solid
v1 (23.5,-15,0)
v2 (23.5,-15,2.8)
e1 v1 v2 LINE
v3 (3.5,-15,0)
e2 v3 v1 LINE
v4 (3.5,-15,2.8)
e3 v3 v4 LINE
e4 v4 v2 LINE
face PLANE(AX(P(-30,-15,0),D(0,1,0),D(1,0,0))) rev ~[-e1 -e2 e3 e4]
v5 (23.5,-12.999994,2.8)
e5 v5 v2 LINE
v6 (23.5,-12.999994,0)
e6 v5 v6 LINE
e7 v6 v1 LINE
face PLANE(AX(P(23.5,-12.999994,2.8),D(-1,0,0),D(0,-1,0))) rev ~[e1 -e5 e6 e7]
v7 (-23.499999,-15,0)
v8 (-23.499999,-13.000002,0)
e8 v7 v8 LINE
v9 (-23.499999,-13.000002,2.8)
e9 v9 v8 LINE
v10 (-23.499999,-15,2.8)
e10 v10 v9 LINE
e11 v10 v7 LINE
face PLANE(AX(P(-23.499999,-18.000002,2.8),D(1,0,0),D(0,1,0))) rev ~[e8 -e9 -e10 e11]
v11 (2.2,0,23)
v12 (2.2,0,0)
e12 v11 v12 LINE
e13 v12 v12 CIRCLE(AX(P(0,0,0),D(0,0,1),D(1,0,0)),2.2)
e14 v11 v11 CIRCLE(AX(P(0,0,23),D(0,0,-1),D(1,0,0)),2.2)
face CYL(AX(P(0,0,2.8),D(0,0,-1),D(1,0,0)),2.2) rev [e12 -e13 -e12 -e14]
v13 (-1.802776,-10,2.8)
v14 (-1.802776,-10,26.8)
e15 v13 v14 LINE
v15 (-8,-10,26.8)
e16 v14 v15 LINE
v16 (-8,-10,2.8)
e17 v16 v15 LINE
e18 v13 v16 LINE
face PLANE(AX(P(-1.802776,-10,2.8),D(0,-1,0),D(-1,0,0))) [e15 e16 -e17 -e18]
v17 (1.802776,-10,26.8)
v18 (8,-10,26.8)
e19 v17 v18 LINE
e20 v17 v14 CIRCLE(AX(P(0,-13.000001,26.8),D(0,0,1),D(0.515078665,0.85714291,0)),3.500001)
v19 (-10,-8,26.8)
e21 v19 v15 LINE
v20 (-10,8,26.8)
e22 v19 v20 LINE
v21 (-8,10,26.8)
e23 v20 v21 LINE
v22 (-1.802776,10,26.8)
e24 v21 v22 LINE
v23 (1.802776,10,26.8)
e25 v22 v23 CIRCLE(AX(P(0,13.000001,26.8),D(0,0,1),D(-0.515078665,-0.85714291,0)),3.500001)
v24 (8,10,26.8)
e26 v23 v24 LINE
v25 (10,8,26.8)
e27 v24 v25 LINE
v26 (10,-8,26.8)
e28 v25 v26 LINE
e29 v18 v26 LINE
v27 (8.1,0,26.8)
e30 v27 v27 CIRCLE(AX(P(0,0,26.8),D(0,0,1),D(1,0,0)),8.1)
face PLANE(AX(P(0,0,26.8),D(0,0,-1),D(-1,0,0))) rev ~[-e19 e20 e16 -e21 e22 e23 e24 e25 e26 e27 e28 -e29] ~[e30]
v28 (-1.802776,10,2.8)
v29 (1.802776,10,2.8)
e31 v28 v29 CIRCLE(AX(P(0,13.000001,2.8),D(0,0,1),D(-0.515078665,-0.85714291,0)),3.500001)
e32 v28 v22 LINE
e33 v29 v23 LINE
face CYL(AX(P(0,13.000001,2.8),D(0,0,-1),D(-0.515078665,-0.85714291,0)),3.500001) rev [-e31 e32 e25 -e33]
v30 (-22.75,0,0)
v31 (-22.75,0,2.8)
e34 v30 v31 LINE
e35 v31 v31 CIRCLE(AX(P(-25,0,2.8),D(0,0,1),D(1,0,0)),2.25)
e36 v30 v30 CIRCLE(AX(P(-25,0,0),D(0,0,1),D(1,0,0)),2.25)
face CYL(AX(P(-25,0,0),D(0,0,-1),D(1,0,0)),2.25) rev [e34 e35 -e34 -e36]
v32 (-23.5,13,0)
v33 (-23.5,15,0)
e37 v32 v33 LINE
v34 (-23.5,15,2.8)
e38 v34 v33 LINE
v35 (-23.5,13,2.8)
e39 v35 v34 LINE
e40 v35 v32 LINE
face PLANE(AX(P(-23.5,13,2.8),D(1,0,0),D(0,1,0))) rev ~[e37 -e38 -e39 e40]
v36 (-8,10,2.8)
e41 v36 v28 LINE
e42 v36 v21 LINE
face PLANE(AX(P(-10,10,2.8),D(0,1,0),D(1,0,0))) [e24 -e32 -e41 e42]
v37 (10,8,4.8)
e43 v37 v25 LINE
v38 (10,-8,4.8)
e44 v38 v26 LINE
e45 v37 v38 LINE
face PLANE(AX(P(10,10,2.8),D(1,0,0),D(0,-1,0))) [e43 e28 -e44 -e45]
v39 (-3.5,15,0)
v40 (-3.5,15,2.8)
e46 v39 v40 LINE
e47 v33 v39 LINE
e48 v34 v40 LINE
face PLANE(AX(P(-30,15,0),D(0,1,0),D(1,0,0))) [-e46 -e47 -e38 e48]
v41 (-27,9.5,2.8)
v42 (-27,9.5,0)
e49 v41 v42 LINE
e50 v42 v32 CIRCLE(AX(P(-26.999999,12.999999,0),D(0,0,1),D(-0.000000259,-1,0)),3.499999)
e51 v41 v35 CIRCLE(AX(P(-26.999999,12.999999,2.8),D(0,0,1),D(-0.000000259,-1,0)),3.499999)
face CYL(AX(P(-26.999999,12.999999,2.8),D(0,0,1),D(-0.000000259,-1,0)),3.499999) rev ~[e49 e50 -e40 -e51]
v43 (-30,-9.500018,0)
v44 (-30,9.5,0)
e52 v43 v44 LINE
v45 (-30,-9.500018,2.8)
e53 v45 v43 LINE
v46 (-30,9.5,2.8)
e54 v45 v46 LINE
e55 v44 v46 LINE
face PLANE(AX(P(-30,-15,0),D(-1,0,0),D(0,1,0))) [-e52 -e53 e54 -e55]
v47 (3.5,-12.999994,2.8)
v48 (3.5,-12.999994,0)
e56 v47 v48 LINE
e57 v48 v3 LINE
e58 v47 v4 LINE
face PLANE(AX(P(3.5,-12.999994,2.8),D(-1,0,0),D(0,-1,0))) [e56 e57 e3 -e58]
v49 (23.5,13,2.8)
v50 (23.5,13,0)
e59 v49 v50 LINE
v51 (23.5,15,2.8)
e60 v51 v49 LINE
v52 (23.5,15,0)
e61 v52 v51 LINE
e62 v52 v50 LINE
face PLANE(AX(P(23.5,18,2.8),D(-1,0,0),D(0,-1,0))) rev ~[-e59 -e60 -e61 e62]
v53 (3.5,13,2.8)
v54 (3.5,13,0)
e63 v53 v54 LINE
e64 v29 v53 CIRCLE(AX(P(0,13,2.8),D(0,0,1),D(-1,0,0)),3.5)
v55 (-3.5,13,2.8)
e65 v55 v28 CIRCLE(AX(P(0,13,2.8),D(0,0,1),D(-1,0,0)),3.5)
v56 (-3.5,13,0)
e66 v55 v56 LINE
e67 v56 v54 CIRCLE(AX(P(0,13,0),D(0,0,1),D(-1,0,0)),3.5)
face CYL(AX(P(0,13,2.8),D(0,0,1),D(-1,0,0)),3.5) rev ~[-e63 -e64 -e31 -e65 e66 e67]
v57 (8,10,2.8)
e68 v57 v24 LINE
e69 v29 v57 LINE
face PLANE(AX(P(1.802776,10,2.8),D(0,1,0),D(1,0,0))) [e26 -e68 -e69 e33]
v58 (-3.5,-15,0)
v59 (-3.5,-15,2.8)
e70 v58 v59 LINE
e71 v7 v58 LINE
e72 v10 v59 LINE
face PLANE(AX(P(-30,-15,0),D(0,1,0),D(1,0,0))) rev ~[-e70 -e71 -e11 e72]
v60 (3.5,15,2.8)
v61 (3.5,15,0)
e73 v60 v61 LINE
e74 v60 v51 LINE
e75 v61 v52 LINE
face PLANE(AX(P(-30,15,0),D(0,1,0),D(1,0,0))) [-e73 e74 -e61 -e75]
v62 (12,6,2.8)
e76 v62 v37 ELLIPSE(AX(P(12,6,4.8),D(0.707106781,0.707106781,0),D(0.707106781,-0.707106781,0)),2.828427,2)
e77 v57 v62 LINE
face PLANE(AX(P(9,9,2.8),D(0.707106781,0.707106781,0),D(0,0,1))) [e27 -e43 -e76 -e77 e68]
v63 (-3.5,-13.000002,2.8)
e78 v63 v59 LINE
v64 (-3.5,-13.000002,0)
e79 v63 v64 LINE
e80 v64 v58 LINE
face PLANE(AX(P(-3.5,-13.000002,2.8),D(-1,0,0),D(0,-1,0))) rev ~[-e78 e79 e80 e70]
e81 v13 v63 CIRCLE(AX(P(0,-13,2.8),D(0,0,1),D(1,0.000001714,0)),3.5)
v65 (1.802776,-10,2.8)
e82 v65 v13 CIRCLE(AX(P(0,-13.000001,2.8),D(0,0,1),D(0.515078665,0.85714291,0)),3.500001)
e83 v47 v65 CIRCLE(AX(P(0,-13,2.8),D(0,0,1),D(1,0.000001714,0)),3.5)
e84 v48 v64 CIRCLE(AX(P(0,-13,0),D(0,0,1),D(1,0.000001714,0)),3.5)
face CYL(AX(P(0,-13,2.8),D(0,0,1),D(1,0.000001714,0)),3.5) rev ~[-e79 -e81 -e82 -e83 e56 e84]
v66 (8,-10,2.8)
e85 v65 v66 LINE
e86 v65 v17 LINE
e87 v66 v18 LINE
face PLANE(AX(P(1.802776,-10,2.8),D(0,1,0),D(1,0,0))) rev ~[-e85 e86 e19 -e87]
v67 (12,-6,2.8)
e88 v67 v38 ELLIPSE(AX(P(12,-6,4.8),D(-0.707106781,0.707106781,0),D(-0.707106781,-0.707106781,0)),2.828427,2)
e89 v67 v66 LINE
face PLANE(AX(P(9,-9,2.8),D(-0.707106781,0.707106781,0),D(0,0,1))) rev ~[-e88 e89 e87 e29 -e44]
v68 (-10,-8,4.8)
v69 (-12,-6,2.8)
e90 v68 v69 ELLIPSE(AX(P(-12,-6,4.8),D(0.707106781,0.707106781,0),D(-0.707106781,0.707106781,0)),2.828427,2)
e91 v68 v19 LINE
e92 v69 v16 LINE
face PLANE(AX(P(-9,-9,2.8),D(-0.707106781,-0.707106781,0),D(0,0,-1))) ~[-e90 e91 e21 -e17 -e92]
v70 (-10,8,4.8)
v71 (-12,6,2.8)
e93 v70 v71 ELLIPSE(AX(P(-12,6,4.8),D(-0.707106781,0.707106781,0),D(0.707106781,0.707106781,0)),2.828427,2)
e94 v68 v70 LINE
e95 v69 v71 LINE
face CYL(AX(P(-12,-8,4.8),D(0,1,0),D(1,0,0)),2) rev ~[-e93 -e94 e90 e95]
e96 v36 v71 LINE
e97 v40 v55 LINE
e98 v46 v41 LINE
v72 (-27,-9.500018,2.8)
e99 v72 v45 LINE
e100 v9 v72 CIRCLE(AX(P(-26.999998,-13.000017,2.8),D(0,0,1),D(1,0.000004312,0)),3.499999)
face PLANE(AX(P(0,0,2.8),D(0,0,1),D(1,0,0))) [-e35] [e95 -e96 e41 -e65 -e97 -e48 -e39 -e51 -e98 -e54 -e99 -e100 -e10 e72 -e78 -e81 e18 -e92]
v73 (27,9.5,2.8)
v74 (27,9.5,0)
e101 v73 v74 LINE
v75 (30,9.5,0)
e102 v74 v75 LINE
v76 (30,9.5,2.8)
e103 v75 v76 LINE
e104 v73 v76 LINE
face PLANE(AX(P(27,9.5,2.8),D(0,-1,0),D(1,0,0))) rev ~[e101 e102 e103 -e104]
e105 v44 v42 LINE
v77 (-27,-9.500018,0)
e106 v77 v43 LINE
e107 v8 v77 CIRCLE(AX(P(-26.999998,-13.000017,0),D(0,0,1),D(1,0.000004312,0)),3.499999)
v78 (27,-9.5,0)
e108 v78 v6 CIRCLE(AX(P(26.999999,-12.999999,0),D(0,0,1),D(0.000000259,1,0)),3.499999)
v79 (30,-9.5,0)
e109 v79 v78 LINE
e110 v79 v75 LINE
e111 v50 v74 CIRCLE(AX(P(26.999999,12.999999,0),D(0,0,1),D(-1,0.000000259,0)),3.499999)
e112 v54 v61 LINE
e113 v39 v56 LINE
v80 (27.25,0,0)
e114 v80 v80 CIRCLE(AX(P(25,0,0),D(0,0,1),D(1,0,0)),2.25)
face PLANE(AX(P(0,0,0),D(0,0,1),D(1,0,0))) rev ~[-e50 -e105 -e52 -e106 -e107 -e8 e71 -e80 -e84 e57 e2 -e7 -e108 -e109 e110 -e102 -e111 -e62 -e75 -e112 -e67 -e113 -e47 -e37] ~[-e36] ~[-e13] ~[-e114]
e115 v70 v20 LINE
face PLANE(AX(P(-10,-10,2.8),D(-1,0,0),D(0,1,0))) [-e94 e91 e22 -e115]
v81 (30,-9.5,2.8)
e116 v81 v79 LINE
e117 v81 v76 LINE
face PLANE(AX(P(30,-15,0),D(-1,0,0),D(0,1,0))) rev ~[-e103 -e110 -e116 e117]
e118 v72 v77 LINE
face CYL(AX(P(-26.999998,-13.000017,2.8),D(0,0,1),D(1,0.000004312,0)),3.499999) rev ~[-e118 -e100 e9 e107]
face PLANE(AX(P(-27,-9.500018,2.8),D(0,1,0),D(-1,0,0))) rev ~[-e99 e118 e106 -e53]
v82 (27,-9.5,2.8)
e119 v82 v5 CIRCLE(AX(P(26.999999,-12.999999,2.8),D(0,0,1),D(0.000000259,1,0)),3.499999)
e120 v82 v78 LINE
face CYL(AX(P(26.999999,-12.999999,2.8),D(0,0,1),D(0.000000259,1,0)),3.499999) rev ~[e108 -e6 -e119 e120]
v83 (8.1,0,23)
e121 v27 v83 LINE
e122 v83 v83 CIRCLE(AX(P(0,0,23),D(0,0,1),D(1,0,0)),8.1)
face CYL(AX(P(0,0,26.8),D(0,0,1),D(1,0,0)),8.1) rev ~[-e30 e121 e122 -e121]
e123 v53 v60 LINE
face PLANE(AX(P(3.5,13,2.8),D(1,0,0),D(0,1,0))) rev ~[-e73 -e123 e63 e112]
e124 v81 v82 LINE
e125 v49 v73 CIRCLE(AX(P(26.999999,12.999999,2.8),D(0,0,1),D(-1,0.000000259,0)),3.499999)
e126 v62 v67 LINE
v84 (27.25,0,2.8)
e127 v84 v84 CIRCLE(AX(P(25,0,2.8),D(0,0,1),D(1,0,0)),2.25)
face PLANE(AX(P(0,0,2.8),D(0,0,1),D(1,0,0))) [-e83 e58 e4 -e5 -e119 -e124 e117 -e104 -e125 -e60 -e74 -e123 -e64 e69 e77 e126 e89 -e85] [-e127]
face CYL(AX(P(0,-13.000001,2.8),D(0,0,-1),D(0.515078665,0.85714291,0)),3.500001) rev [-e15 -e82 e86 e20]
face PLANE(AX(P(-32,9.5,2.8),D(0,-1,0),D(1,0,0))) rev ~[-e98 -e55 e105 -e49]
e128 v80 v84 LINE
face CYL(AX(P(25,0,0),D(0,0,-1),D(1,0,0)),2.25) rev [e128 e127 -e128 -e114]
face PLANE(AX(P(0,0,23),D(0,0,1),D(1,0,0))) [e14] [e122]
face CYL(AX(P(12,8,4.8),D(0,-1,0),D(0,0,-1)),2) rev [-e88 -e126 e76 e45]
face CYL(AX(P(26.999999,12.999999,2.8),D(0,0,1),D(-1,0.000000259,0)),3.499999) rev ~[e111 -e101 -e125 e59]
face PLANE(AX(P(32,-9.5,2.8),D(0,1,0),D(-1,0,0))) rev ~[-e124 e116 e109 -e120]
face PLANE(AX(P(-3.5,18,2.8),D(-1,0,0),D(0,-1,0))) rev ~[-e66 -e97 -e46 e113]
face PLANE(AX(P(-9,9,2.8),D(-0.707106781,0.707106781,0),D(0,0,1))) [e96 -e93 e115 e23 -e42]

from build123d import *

# Parameters (mm, degrees)
SKETCH_W        = 60
SKETCH_H        = 30
SKETCH_R        = 2.25
SKETCH_R_2      = 2.2
PAD_DEPTH       = 2.8
SKETCH001_W     = 75
SKETCH001_H     = 45
POCKET_DEPTH    = 2.801
SKETCH002_R     = 2.2
PAD001_DEPTH    = 24
SKETCH003_R     = 8.1
POCKET001_DEPTH = 3.8
CHAMFER_SIZE    = 2
FILLET_R        = 2
FILLET001_R     = 2


with BuildPart() as part:
    # Sketch → Pad (new body)
    with BuildSketch(Plane.XY):
        Rectangle(SKETCH_W, SKETCH_H)
        with Locations((25, 0)):
            Circle(SKETCH_R, mode=Mode.SUBTRACT)
        with Locations((-25, 0)):
            Circle(SKETCH_R, mode=Mode.SUBTRACT)
        Circle(SKETCH_R_2, mode=Mode.SUBTRACT)
    extrude(amount=PAD_DEPTH)

    # Sketch001 → Pocket (cut, through all)
    with BuildSketch(Plane.XY.offset(2.8)):
        Rectangle(SKETCH001_W, SKETCH001_H)
        with BuildLine():
            ThreePointArc((-27, 9.5), (-24.525126, 10.525126), (-23.5, 13))
            Line((-23.5, 13), (-23.5, 18))
            Line((-23.5, 18), (-3.5, 18))
            Line((-3.5, 18), (-3.5, 13))
            ThreePointArc((-3.5, 13), (0, 9.5), (3.5, 13))
            Line((3.5, 13), (3.5, 18))
            Line((3.5, 18), (23.5, 18))
            Line((23.5, 18), (23.5, 13))
            ThreePointArc((23.5, 13), (24.525126, 10.525126), (27, 9.5))
            Line((27, 9.5), (32, 9.5))
            Line((32, 9.5), (32, -9.5))
            Line((32, -9.5), (27, -9.5))
            ThreePointArc((27, -9.5), (24.525128, -10.525124), (23.5, -12.999994))
            Line((23.5, -12.999994), (23.5, -17.999994))
            Line((23.5, -17.999994), (3.5, -17.999994))
            Line((3.5, -12.999994), (3.5, -17.999994))
            ThreePointArc((3.5, -12.999994), (-4e-06, -9.5), (-3.5, -13.000002))
            Line((-3.5, -13.000002), (-3.5, -18.000002))
            Line((-23.499999, -18.000002), (-3.5, -18.000002))
            Line((-23.499999, -18.000002), (-23.499999, -13.000002))
            ThreePointArc((-23.499999, -13.000002), (-24.525131, -10.525138), (-27, -9.500018))
            Line((-27, -9.500018), (-32, -9.500018))
            Line((-32, -9.500018), (-32, 9.5))
            Line((-32, 9.5), (-27, 9.5))
        make_face(mode=Mode.SUBTRACT)
    extrude(amount=-POCKET_DEPTH, mode=Mode.SUBTRACT)

    # Sketch002 → Pad001 (new body)
    with BuildSketch(Plane.XY.offset(2.8)):
        with BuildLine():
            Line((-10, -10), (-10, 10))
            Line((-10, 10), (-1.802776, 10))
            ThreePointArc((-1.802776, 10), (0, 9.5), (1.802776, 10))
            Line((1.802776, 10), (10, 10))
            Line((10, 10), (10, -10))
            Line((1.802776, -10), (10, -10))
            ThreePointArc((1.802776, -10), (0, -9.5), (-1.802776, -10))
            Line((-1.802776, -10), (-10, -10))
        make_face()
        Circle(SKETCH002_R, mode=Mode.SUBTRACT)
    extrude(amount=PAD001_DEPTH)

    # Sketch003 → Pocket001 (cut)
    with BuildSketch(Plane.XY.offset(26.8)):
        Circle(SKETCH003_R)
    extrude(amount=-POCKET001_DEPTH, mode=Mode.SUBTRACT)

    # Chamfer
    chamfer_edges = [part.edges().sort_by_distance(p)[0] for p in [
        (-10, -10, 14.8),
        (10, -10, 14.8),
        (-10, 10, 14.8),
        (10, 10, 14.8),
    ]]
    chamfer(chamfer_edges, length=CHAMFER_SIZE)

    # Fillet
    fillet_edges = [part.edges().sort_by_distance(p)[0] for p in [
        (-10, 0, 2.8),
    ]]
    fillet(fillet_edges, radius=FILLET_R)

    # Fillet001
    fillet001_edges = [part.edges().sort_by_distance(p)[0] for p in [
        (10, 0, 2.8),
    ]]
    fillet(fillet001_edges, radius=FILLET001_R)


solid = part.part
